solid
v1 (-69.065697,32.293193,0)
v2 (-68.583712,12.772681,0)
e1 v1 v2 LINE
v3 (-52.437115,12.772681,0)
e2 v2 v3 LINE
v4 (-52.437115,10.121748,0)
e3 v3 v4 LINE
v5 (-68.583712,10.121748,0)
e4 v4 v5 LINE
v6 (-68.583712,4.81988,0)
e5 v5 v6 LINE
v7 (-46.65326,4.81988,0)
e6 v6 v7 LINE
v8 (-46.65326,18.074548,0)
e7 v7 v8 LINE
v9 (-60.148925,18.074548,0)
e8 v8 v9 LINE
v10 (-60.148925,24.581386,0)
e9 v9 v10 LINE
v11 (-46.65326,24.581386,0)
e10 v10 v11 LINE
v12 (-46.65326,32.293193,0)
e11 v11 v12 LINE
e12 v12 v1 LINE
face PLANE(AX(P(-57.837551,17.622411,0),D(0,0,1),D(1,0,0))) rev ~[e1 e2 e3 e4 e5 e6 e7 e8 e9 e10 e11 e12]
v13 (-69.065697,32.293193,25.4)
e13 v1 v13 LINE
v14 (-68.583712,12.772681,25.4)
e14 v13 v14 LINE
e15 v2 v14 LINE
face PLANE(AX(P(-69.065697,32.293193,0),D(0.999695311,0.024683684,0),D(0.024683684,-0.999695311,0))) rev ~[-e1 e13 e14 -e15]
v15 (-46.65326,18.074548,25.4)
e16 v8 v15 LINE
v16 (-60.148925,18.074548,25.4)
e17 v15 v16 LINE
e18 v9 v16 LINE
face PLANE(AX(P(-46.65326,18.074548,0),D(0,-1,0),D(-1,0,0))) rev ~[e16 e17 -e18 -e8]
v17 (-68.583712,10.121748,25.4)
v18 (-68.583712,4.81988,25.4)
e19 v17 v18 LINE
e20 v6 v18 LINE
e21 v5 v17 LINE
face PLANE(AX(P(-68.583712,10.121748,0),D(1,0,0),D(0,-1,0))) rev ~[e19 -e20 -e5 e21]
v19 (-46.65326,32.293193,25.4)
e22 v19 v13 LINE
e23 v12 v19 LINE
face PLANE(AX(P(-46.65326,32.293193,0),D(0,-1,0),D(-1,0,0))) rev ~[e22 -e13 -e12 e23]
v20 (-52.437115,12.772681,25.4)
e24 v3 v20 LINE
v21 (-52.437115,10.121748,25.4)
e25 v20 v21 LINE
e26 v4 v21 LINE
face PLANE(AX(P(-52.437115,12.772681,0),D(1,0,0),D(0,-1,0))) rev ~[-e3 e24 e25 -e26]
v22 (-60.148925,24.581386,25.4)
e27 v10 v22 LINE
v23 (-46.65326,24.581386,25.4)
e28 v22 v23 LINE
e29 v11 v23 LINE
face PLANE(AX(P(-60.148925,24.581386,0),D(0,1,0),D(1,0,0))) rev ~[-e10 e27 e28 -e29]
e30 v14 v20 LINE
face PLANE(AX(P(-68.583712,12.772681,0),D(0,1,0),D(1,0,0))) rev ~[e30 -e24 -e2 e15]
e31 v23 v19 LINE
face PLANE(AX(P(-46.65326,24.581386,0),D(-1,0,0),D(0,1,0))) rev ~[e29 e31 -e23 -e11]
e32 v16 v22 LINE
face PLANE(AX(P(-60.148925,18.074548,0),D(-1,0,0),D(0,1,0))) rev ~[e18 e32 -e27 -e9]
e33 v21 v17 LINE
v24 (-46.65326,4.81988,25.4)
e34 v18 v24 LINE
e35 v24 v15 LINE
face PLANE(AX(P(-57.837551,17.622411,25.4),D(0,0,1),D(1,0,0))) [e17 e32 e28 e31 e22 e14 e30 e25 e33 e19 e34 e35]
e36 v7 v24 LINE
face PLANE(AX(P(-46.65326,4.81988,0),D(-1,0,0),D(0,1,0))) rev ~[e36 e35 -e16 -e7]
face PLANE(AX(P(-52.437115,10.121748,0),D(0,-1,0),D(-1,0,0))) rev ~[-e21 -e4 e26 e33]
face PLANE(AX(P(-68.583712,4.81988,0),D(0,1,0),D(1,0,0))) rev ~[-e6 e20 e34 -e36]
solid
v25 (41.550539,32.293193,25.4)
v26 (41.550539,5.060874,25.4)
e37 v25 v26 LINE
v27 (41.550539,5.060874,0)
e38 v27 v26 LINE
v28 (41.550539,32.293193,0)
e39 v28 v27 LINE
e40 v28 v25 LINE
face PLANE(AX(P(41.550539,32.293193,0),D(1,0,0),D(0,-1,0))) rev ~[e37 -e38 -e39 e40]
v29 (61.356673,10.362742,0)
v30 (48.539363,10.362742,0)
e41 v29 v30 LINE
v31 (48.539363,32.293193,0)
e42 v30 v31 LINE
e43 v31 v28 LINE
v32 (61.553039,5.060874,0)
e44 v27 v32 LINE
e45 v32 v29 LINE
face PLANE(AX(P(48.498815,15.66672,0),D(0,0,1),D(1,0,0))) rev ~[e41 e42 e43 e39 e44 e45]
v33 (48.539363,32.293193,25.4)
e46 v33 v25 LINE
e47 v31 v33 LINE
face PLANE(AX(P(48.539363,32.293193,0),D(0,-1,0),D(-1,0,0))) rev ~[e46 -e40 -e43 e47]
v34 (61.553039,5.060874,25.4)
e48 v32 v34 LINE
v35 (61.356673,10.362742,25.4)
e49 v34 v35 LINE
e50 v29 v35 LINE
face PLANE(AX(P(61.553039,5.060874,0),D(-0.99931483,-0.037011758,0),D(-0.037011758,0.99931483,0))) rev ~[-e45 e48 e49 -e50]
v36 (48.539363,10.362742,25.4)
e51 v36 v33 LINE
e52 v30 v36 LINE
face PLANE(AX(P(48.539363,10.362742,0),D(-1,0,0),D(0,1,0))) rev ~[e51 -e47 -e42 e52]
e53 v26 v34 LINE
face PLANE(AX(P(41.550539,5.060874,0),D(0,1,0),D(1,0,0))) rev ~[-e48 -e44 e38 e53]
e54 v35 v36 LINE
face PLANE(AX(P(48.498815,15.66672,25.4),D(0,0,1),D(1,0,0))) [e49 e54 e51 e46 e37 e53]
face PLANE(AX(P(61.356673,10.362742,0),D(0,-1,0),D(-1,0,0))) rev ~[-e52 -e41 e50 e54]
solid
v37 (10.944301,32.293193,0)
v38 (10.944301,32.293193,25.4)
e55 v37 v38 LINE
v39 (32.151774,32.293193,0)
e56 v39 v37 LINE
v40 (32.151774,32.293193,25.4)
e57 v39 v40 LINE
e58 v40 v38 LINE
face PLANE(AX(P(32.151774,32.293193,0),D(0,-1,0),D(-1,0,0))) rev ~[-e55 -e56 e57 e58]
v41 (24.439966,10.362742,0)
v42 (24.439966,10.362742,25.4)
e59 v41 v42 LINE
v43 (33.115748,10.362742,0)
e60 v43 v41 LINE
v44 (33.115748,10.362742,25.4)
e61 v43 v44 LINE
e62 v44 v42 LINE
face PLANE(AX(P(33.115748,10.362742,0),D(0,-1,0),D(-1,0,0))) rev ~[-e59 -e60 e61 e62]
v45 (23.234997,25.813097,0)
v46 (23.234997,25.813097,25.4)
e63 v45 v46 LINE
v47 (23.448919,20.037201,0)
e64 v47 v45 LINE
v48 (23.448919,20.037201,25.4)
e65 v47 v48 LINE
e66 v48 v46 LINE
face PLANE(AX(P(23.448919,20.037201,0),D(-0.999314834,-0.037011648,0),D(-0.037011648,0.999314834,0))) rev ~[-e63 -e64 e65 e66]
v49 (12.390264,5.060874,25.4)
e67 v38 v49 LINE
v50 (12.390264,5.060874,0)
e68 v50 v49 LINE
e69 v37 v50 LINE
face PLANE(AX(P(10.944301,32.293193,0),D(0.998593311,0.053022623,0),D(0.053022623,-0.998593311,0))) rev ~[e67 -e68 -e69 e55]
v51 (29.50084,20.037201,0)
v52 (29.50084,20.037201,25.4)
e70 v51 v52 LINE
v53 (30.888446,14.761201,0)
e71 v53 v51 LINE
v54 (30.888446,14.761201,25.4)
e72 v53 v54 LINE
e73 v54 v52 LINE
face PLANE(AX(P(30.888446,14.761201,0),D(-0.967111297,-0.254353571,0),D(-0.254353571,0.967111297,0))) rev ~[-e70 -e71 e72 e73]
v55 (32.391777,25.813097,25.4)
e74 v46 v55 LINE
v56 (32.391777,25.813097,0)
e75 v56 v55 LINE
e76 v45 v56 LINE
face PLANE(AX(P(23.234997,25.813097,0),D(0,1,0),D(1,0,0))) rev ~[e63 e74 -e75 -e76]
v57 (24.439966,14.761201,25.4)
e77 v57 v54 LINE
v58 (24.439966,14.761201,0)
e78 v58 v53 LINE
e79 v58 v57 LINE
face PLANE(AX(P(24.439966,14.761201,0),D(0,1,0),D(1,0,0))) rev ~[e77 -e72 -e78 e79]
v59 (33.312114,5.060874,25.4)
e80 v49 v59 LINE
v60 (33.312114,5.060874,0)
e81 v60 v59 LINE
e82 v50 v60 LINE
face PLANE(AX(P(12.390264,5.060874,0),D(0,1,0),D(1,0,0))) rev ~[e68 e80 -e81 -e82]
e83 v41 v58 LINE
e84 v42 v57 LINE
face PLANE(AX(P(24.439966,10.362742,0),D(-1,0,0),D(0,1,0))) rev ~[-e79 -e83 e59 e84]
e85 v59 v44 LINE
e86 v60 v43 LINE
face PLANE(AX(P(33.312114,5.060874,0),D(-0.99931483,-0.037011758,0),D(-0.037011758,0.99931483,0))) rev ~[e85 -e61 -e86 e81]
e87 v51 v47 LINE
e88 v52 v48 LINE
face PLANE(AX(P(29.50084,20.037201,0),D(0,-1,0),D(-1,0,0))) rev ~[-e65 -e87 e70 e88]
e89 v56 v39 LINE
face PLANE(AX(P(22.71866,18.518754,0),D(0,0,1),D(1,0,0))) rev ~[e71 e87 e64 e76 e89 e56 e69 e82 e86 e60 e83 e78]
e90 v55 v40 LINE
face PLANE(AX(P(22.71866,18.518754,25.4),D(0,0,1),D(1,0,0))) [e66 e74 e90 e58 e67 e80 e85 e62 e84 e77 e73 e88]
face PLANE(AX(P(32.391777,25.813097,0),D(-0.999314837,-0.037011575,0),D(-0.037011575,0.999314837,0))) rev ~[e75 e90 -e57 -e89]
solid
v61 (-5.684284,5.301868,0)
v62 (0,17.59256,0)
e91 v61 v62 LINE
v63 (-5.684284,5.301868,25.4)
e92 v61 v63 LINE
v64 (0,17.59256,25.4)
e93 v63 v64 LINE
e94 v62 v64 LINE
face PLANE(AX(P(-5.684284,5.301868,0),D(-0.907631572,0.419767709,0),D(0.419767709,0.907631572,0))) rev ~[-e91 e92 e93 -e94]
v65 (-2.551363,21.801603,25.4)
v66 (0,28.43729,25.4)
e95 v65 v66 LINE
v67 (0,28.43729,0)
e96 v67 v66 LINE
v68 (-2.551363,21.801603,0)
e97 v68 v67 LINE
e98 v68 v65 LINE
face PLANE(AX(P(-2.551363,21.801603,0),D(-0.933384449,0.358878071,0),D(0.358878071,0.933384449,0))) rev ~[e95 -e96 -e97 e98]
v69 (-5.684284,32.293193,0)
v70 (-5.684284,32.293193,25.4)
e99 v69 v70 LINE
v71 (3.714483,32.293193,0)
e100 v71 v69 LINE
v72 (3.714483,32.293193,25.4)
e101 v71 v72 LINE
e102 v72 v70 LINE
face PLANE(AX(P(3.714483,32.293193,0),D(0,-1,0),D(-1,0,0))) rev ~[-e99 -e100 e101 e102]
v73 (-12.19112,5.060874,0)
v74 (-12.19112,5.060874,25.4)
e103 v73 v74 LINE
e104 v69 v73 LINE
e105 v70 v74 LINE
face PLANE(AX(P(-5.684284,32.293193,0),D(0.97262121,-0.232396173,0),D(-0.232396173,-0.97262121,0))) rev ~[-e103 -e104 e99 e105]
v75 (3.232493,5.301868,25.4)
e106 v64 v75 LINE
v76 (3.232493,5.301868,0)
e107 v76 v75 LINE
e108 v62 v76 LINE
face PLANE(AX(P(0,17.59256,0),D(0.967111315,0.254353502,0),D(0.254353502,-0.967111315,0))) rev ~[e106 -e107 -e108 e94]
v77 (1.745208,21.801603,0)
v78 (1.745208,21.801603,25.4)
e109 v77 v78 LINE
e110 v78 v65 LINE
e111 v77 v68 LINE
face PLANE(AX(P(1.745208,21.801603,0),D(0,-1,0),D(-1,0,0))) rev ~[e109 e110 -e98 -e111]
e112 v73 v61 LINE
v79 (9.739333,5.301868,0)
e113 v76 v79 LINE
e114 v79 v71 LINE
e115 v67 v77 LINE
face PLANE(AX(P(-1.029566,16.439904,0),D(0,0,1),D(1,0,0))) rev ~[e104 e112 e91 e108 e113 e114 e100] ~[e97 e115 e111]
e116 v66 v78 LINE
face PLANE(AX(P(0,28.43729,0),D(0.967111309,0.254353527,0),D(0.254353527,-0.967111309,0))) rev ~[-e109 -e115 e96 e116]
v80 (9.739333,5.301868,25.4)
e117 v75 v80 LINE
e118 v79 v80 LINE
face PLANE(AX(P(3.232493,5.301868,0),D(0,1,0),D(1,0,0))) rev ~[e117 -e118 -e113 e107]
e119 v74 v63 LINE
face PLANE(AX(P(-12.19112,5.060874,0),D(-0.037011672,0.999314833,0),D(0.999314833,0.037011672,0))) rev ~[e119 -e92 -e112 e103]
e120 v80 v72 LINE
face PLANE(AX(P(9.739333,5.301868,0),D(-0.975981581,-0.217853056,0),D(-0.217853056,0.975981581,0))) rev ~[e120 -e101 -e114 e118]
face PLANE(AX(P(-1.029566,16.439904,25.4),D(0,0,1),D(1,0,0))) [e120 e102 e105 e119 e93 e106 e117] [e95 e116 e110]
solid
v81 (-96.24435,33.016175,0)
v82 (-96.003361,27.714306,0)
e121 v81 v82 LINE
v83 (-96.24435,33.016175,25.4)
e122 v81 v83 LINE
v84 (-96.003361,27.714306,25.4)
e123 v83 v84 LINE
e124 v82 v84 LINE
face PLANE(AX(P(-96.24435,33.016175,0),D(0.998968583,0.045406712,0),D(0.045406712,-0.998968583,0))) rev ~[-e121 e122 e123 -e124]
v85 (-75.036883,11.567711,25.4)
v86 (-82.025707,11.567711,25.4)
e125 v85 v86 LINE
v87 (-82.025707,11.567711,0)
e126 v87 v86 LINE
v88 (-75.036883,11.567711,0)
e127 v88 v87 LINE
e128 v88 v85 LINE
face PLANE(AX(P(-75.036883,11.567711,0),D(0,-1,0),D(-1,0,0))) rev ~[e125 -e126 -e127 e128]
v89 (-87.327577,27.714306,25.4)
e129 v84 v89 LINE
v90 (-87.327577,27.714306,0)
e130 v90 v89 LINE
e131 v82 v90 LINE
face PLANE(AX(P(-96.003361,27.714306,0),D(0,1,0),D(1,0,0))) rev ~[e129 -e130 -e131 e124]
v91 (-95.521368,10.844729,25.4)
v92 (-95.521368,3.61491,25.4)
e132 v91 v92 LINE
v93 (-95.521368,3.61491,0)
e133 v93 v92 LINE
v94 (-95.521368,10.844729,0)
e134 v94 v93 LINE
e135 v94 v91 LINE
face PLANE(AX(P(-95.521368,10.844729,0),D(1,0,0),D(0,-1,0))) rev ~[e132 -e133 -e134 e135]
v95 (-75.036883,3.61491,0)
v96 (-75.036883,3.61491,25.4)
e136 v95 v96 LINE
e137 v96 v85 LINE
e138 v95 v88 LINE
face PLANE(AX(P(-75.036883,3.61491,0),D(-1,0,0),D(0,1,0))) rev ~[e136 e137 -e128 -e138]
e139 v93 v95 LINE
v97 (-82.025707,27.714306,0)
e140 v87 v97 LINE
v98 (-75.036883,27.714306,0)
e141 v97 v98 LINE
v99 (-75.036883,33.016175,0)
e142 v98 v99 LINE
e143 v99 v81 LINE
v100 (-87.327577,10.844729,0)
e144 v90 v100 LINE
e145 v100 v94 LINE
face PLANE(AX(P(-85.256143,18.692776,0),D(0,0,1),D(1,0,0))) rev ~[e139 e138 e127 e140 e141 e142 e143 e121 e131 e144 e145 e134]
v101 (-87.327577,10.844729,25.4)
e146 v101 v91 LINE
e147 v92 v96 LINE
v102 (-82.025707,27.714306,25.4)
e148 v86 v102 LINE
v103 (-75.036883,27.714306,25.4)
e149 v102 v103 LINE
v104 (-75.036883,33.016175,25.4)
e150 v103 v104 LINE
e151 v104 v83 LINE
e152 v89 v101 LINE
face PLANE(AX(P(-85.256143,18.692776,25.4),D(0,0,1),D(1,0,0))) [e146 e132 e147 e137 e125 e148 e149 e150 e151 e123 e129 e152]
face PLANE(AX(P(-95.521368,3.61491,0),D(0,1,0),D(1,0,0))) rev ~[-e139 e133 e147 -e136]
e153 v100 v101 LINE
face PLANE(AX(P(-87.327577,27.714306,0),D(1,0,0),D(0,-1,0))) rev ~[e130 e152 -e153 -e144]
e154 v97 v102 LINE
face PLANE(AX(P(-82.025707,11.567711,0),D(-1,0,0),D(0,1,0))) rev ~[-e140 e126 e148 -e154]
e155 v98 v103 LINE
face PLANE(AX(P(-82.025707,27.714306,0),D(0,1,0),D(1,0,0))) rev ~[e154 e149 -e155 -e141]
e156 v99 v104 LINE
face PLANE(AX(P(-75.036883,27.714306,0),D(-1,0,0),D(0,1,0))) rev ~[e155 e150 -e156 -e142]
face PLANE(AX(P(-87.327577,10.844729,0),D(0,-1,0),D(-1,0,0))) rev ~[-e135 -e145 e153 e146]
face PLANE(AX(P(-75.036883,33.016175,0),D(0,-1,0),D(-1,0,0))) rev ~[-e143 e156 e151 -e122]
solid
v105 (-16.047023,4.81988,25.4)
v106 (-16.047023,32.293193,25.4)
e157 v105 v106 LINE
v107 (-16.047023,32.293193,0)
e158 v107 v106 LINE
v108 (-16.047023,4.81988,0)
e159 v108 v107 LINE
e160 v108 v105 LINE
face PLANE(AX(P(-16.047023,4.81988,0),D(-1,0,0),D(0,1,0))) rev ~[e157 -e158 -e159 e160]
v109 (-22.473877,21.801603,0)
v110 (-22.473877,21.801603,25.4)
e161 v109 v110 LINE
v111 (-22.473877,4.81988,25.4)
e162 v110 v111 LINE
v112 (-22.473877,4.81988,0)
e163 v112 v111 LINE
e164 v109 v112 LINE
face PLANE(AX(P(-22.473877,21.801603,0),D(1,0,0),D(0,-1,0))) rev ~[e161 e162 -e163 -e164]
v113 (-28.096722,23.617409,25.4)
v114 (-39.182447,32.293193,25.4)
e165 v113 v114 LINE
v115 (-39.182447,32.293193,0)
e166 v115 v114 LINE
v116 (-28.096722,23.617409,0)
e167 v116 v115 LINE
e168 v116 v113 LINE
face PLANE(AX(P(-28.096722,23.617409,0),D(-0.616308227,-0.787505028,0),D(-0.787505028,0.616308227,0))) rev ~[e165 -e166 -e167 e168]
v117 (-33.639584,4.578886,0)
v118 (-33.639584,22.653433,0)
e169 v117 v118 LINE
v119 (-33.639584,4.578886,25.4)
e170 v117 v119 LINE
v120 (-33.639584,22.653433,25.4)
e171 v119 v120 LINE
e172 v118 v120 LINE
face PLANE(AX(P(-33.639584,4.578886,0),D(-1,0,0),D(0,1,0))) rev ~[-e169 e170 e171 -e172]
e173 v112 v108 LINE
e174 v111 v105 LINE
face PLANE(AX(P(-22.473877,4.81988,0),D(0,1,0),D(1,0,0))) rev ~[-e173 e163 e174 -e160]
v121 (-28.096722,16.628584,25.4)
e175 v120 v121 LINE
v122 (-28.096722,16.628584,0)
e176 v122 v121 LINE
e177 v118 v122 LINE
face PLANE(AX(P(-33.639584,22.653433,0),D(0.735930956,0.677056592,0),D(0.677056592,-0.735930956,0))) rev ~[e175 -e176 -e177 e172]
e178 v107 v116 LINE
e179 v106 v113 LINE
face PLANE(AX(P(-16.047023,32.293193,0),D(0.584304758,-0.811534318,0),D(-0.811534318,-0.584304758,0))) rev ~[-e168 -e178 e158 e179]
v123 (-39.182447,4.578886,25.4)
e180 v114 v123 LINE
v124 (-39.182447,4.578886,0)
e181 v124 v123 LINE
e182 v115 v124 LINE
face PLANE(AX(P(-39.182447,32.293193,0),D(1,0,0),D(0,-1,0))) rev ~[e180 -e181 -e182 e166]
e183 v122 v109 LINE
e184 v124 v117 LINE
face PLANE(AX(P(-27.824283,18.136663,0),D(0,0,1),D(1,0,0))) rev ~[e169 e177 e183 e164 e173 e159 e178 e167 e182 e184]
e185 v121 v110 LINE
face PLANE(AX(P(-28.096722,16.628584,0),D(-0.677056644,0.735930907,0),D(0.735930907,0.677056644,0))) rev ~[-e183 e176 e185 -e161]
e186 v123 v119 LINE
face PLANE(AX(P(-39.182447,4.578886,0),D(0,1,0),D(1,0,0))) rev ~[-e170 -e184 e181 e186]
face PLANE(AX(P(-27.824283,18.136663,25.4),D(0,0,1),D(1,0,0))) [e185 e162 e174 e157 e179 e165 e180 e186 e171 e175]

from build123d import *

# Parameters (mm, degrees)
F1_DEPTH = 25.4
F3_DEPTH = 25.4


with BuildPart() as f1:
    # F0 (on Top) → F1 (new body)
    with BuildSketch(Plane.XY):
        Polygon((-75.036883, 33.016175), (-96.24435, 33.016175), (-96.003361, 27.714306), (-87.327577, 27.714306), (-87.327577, 10.844729), (-95.521368, 10.844729), (-95.521368, 3.61491), (-75.036883, 3.61491), (-75.036883, 11.567711), (-82.025707, 11.567711), (-82.025707, 27.714306), (-75.036883, 27.714306), align=None)
    extrude(amount=F1_DEPTH)


with BuildPart() as f3:
    # F2 (on Top) → F3 (new body)
    with BuildSketch(Plane.XY):
        Polygon((-46.65326, 32.293193), (-69.065697, 32.293193), (-68.583712, 12.772681), (-52.437115, 12.772681), (-52.437115, 10.121748), (-68.583712, 10.121748), (-68.583712, 4.81988), (-46.65326, 4.81988), (-46.65326, 18.074548), (-60.148925, 18.074548), (-60.148925, 24.581386), (-46.65326, 24.581386), align=None)
        Polygon((-28.096722, 23.617409), (-39.182447, 32.293193), (-39.182447, 4.578886), (-33.639584, 4.578886), (-33.639584, 22.653433), (-28.096722, 16.628584), (-22.473877, 21.801603), (-22.473877, 4.81988), (-16.047023, 4.81988), (-16.047023, 32.293193), align=None)
        Polygon((-5.684284, 32.293193), (-12.19112, 5.060874), (-5.684284, 5.301868), (0, 17.59256), (3.232493, 5.301868), (9.739333, 5.301868), (3.714483, 32.293193), align=None)
        Polygon((1.745208, 21.801603), (-2.551363, 21.801603), (0, 28.43729), align=None, mode=Mode.SUBTRACT)
        Polygon((32.151774, 32.293193), (10.944301, 32.293193), (12.390264, 5.060874), (33.312114, 5.060874), (33.115748, 10.362742), (24.439966, 10.362742), (24.439966, 14.761201), (30.888446, 14.761201), (29.50084, 20.037201), (23.448919, 20.037201), (23.234997, 25.813097), (32.391777, 25.813097), align=None)
        Polygon((48.539363, 32.293193), (41.550539, 32.293193), (41.550539, 5.060874), (61.553039, 5.060874), (61.356673, 10.362742), (48.539363, 10.362742), align=None)
    extrude(amount=F3_DEPTH)


solid = Compound([f1.part, f3.part])
